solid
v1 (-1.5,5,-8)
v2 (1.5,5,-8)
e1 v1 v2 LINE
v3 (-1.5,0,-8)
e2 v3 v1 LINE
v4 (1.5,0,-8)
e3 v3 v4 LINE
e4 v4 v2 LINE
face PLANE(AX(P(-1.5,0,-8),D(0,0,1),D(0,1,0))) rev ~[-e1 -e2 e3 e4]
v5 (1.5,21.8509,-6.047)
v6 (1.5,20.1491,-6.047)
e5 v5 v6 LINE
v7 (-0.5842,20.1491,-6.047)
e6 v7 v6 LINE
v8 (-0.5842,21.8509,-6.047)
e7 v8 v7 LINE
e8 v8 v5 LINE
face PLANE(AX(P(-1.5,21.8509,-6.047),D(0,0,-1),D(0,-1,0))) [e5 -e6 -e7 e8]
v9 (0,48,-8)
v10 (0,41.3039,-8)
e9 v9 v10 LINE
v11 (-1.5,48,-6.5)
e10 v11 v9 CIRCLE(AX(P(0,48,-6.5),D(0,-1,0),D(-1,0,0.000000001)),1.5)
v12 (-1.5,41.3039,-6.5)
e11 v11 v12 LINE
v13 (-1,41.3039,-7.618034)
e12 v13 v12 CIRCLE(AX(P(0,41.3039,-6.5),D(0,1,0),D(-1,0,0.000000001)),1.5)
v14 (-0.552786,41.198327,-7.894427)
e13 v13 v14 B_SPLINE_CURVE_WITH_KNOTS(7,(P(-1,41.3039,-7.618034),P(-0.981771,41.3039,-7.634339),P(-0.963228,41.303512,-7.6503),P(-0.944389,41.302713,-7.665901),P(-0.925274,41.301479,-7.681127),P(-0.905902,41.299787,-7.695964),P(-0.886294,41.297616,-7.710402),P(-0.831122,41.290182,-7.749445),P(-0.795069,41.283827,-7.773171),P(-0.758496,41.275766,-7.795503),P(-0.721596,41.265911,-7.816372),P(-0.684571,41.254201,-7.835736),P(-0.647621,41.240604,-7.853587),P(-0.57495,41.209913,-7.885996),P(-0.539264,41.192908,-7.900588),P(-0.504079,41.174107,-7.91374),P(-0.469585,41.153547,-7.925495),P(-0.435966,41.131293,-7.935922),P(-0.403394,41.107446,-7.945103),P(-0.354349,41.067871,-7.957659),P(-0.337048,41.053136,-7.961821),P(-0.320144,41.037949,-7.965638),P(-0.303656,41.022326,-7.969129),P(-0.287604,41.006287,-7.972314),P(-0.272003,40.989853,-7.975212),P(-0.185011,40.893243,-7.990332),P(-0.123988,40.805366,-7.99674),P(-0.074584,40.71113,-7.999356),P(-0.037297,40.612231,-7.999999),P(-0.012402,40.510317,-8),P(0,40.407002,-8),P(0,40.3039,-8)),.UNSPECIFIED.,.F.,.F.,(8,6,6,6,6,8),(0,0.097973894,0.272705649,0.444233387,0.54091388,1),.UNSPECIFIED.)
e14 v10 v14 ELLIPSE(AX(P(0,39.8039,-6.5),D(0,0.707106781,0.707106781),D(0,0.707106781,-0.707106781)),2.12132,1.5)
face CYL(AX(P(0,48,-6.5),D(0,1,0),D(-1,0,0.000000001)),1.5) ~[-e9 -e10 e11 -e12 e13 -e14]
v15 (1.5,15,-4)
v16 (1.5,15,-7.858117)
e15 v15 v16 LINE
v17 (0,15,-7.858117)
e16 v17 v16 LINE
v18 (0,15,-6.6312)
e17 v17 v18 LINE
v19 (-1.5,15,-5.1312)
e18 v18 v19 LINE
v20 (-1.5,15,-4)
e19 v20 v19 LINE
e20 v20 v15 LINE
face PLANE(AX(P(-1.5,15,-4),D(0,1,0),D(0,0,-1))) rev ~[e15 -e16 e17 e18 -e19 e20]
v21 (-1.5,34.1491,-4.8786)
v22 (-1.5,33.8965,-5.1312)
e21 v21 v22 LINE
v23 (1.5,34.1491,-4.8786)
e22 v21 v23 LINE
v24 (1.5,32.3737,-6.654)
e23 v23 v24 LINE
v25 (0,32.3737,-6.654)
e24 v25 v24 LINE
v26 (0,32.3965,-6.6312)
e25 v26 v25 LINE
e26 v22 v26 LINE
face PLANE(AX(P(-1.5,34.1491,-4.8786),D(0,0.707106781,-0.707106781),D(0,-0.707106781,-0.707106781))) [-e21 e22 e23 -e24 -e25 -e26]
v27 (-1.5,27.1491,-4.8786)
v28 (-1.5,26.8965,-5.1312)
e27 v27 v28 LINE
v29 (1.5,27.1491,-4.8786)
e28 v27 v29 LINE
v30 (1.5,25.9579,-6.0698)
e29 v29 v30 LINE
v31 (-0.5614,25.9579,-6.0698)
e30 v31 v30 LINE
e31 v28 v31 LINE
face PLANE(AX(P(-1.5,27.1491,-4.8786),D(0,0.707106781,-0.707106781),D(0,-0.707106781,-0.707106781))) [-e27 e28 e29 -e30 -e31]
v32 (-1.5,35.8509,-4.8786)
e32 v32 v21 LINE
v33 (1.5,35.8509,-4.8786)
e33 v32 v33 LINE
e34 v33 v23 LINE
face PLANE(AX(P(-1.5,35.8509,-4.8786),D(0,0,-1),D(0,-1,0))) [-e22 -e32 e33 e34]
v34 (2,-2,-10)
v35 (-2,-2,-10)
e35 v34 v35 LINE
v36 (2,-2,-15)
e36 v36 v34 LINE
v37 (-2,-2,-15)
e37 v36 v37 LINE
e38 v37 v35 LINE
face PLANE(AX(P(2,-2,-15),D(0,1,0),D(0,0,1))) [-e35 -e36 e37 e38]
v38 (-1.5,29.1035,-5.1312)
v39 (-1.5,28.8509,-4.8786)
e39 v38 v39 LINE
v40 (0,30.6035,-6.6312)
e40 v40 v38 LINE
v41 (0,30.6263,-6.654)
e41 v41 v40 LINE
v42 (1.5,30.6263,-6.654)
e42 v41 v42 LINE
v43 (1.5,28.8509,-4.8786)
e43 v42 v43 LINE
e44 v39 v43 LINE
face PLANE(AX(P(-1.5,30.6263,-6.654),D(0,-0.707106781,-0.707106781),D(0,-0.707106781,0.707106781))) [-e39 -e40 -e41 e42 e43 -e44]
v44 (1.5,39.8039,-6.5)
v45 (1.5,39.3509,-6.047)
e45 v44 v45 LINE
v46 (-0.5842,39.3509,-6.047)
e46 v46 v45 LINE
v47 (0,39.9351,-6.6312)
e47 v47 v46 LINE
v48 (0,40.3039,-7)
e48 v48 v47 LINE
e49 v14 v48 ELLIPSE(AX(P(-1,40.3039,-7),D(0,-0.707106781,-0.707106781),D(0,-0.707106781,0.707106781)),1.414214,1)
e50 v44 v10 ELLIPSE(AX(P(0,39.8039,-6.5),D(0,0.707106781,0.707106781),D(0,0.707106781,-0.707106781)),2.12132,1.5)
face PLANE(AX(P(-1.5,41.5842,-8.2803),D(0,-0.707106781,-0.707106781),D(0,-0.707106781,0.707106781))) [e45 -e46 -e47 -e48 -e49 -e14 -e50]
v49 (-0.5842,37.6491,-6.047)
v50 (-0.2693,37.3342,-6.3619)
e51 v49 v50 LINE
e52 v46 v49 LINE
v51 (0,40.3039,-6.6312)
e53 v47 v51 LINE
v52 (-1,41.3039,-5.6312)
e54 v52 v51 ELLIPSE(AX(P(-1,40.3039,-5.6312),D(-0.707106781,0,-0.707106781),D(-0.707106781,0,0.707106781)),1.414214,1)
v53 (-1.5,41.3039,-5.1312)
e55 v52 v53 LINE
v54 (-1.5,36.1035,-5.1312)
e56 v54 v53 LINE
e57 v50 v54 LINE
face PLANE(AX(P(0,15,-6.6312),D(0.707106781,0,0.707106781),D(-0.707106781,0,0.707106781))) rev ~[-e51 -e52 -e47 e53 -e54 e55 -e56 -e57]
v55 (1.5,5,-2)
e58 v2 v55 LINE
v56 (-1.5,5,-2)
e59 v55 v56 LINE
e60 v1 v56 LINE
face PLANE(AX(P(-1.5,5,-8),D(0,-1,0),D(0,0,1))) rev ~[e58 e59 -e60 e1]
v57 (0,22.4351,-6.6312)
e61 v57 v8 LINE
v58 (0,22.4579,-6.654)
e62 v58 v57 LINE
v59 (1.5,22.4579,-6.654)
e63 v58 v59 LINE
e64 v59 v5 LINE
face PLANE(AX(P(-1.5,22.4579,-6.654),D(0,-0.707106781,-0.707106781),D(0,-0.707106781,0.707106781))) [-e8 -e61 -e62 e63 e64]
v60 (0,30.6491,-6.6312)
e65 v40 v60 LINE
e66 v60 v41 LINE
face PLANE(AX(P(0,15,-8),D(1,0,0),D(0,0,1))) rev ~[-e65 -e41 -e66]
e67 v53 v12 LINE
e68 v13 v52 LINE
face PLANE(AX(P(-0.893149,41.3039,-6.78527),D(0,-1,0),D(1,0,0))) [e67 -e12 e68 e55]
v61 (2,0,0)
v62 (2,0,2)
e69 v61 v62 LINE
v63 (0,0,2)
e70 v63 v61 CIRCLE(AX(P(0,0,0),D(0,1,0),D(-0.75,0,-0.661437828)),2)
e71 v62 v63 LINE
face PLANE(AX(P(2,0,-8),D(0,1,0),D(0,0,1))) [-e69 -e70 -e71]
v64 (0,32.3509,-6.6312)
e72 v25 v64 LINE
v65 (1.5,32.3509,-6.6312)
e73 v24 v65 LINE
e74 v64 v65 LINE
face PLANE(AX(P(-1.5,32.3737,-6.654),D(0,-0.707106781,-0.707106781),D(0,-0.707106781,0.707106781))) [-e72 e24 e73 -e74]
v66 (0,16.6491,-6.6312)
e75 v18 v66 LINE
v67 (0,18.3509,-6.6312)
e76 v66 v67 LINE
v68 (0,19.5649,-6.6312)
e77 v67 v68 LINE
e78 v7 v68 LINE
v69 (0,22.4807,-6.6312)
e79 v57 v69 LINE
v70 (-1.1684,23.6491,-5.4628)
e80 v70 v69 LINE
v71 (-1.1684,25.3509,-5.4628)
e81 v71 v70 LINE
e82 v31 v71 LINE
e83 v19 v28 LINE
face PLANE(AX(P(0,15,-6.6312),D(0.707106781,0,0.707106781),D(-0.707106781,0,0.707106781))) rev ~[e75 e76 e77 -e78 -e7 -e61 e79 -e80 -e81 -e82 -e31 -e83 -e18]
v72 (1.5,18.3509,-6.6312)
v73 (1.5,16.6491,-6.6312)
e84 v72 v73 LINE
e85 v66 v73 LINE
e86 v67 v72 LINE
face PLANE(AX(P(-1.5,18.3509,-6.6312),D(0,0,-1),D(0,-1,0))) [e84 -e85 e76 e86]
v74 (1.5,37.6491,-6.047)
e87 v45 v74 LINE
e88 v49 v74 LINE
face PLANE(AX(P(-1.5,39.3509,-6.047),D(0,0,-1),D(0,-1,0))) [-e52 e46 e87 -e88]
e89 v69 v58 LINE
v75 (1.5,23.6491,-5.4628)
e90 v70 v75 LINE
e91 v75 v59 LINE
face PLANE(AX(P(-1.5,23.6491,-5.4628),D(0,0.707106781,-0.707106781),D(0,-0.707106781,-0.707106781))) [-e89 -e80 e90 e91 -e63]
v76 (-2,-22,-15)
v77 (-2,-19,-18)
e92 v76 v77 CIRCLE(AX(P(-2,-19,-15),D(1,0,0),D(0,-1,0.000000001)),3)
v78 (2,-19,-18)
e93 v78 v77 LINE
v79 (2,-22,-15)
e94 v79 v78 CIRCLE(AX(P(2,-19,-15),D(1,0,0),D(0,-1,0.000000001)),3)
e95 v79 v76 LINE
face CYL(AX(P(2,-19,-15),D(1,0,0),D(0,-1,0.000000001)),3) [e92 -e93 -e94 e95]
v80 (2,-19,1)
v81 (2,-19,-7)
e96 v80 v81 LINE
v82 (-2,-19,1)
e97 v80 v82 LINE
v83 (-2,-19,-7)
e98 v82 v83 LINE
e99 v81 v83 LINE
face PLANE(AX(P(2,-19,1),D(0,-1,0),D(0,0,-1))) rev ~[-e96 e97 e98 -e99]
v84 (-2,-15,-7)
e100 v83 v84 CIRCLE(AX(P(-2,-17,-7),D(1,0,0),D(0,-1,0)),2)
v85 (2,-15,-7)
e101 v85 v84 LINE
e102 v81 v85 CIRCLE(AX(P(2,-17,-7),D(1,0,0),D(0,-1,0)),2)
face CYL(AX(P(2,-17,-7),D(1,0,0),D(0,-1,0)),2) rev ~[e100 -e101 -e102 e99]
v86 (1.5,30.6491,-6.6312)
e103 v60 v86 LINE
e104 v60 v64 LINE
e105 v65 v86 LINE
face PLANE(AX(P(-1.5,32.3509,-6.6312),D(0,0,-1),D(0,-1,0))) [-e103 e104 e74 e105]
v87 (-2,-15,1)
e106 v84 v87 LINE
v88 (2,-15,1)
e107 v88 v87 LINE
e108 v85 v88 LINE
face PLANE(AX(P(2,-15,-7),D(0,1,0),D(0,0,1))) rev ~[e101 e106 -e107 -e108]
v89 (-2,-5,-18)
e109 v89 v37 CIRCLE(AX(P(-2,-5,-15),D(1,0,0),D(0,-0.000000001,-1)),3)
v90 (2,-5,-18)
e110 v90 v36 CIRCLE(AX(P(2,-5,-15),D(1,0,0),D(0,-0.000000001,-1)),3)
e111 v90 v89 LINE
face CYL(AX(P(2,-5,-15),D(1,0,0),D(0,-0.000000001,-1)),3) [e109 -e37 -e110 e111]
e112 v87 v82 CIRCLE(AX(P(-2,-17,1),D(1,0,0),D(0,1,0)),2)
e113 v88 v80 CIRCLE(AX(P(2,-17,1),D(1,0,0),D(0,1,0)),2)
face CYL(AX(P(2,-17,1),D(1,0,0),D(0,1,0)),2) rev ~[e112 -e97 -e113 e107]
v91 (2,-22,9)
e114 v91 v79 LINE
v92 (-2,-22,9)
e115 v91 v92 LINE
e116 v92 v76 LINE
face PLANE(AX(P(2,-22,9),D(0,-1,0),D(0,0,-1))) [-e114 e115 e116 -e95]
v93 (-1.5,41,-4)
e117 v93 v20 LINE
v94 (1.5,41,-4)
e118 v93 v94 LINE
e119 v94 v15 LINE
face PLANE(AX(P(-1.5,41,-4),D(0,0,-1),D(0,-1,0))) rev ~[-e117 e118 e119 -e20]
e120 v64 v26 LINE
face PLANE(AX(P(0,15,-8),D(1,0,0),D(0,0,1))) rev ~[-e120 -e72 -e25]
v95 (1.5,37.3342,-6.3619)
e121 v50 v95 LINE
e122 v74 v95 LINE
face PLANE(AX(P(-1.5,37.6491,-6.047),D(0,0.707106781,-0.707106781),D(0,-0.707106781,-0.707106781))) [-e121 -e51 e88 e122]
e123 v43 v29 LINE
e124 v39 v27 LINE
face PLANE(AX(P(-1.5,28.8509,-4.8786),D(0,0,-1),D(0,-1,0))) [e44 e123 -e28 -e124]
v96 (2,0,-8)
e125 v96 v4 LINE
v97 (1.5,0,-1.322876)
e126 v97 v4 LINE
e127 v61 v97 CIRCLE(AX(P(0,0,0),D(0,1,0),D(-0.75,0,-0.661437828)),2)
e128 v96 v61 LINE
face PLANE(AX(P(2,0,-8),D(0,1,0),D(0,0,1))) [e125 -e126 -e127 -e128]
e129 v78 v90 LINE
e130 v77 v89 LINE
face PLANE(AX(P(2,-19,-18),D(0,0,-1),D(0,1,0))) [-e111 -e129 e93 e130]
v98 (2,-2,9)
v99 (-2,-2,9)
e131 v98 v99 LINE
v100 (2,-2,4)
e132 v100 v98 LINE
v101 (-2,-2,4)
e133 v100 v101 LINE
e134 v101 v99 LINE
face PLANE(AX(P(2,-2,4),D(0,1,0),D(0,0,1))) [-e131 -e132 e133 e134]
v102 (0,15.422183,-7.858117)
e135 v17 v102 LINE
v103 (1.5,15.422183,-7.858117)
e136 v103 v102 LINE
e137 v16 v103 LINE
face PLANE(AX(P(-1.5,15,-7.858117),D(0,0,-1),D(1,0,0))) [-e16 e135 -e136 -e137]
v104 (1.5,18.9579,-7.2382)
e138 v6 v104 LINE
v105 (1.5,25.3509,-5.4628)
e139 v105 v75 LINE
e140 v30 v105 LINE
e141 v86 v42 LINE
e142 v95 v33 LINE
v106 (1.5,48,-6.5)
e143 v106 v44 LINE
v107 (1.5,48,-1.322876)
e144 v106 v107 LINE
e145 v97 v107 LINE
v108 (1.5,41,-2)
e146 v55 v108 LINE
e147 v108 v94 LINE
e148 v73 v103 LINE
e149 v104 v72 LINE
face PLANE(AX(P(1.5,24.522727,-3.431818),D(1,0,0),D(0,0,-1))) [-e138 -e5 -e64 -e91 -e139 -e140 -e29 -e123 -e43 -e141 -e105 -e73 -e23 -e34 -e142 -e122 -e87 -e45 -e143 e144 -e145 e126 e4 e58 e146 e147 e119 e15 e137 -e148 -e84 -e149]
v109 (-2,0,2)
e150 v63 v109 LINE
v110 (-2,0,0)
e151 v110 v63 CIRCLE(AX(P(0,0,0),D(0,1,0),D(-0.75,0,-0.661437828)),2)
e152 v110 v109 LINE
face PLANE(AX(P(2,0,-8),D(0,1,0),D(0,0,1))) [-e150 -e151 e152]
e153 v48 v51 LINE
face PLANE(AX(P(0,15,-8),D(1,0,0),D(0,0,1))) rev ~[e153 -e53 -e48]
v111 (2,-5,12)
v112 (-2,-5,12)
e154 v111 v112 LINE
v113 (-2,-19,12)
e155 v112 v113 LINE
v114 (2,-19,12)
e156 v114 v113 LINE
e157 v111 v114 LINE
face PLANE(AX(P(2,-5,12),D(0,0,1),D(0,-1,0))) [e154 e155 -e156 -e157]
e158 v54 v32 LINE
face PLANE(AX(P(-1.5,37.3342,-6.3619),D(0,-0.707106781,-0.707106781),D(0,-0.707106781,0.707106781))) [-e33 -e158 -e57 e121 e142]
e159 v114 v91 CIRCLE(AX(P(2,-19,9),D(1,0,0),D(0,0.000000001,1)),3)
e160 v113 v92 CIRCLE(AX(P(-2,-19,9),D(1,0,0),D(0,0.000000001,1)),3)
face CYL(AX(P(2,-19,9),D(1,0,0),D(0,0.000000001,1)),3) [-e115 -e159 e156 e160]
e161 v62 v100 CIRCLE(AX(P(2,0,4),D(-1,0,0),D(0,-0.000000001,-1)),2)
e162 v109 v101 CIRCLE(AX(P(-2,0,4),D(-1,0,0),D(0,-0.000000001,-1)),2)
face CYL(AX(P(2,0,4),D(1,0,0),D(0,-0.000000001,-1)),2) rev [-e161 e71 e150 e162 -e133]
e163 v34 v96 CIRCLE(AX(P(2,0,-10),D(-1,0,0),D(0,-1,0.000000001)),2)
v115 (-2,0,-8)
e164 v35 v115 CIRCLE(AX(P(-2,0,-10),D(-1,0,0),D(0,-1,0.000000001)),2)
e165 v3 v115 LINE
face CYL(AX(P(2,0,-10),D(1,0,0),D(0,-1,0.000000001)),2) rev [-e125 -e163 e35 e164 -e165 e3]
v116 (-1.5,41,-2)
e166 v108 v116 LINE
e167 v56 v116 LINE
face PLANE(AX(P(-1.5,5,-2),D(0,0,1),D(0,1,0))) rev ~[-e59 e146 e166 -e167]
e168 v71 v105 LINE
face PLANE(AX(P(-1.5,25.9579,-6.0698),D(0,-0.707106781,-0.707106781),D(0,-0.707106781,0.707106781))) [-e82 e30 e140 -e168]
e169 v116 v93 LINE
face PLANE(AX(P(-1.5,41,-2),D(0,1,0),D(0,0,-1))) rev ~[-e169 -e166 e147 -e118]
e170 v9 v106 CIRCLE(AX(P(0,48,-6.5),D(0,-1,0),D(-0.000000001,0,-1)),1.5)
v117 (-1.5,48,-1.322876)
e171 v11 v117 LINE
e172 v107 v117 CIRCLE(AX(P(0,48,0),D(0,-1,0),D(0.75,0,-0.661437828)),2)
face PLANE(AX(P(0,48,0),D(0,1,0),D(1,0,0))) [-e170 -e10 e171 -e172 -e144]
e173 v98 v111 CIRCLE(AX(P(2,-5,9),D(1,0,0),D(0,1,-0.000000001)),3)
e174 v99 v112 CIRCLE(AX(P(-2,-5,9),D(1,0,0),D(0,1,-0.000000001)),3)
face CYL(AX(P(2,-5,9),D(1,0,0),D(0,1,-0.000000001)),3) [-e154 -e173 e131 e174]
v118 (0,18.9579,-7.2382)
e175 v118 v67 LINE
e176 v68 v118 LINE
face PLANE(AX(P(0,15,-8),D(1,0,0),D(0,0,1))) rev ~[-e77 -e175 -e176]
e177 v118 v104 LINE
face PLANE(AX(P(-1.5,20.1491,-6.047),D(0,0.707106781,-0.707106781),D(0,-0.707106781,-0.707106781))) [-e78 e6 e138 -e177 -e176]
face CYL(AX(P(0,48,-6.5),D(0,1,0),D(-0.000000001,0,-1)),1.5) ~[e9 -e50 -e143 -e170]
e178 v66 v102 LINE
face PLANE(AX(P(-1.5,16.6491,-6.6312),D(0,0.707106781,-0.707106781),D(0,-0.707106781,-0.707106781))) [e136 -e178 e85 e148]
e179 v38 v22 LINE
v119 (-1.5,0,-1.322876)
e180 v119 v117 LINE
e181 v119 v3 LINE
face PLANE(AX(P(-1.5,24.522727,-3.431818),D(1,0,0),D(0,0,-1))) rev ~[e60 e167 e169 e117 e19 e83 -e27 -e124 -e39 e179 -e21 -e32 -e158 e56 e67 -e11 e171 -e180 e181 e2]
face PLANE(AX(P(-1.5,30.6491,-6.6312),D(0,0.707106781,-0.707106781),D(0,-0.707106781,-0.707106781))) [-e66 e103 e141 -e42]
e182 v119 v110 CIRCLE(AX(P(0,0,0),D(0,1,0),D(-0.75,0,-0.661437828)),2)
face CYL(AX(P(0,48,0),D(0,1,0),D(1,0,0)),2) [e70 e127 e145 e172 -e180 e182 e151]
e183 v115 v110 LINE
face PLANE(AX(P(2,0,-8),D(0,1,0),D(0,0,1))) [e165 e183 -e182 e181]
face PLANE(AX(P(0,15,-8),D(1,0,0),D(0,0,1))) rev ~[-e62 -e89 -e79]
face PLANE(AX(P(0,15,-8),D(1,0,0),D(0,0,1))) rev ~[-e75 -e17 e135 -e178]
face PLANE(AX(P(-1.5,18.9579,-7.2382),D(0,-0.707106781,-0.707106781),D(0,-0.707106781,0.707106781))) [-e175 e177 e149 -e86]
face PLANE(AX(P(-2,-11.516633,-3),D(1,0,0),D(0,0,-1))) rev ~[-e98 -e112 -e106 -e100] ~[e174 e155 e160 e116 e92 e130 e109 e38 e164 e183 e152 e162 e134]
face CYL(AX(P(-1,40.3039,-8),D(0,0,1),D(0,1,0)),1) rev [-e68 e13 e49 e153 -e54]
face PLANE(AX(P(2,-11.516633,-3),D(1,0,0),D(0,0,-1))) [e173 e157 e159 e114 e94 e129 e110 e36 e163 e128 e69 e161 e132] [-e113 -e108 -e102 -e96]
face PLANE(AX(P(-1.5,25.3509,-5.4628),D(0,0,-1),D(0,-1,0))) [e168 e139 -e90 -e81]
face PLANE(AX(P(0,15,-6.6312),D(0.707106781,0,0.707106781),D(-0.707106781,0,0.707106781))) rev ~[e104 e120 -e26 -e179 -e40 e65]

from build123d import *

# Parameters (mm, degrees)
BOSS_EXTRUDE2_DEPTH      = 1.5
BOSS_EXTRUDE2_DEPTH_BACK = 1.5
SKETCH2_R                = 2
BOSS_EXTRUDE3_DEPTH      = 48
BOSS_EXTRUDE4_DEPTH      = 0.5
BOSS_EXTRUDE4_DEPTH_BACK = 3.5
CUT_EXTRUDE1_DEPTH       = 3
CUT_EXTRUDE2_DEPTH       = 26.3039
FILLET1_R                = 1
CUT_EXTRUDE4_REACH       = 74.305
CUT_EXTRUDE5_REACH       = 43.195
SKETCH10_W               = 3
SKETCH10_H               = 0.141883177


with BuildPart() as part:
    # Sketch1 → Boss-Extrude2 (new, two sides: drawn at the far end of the back side and taken through both)
    with BuildSketch(Plane(origin=(0, 108.422012546, -620.347507802), x_dir=(0, 0, -1), z_dir=(1, 0, 0)).offset(-BOSS_EXTRUDE2_DEPTH_BACK)):
        Polygon((-620.347507802, -60.422012546), (-620.347507802, -108.422012546), (-612.347507802, -108.422012546), (-612.347507802, -103.422012546), (-618.347507802, -103.422012546), (-618.347507802, -67.422012546), (-616.347507802, -67.422012546), (-616.347507802, -93.422012546), (-612.347507802, -93.422012546), (-612.347507802, -64.422012546), (-612.347507802, -60.422012546), align=None)
    extrude(amount=BOSS_EXTRUDE2_DEPTH + BOSS_EXTRUDE2_DEPTH_BACK)

    # Sketch2 → Boss-Extrude3 (add)
    with BuildSketch(Plane(origin=(0, 48, 0), x_dir=(1, 0, 0), z_dir=(0, 1, 0))):
        Circle(SKETCH2_R)
    extrude(amount=-BOSS_EXTRUDE3_DEPTH)

    # Sketch4 → Boss-Extrude4 (add, two sides: drawn at the far end of the back side and taken through both)
    with BuildSketch(Plane.ZY.offset(1.5).offset(-BOSS_EXTRUDE4_DEPTH_BACK)):
        with BuildLine():
            Line((-8, 0), (2, 0))
            ThreePointArc((2, 0), (2.585786438, -1.414213562), (4, -2))
            Line((4, -2), (9, -2))
            ThreePointArc((9, -2), (11.121320344, -2.878679656), (12, -5))
            Line((12, -5), (12, -19))
            ThreePointArc((12, -19), (11.121320344, -21.121320344), (9, -22))
            Line((9, -22), (-15, -22))
            ThreePointArc((-15, -22), (-17.121320344, -21.121320344), (-18, -19))
            Line((-18, -19), (-18, -5))
            ThreePointArc((-18, -5), (-17.121320344, -2.878679656), (-15, -2))
            Line((-15, -2), (-10, -2))
            ThreePointArc((-10, -2), (-8.585786438, -1.414213562), (-8, 0))
        make_face()
        with BuildLine():
            Line((-7, -15), (1, -15))
            ThreePointArc((1, -15), (3, -17), (1, -19))
            Line((1, -19), (-7, -19))
            ThreePointArc((-7, -19), (-9, -17), (-7, -15))
        make_face(mode=Mode.SUBTRACT)
    extrude(amount=BOSS_EXTRUDE4_DEPTH + BOSS_EXTRUDE4_DEPTH_BACK)

    # Sketch6 → Cut-Extrude1 (cut)
    with BuildSketch(Plane.ZY.offset(1.5)):
        Polygon((-6.6312, 18.3509), (-6.6312, 16.6491), (-8.2803, 15), (-10.2803, 15), (-10.2803, 41.5842), (-8.2803, 41.5842), (-6.047, 39.3509), (-6.047, 37.6491), (-6.3619, 37.3342), (-4.8786, 35.8509), (-4.8786, 34.1491), (-6.654, 32.3737), (-6.6312, 32.3509), (-6.6312, 30.6491), (-6.654, 30.6263), (-4.8786, 28.8509), (-4.8786, 27.1491), (-6.0698, 25.9579), (-5.4628, 25.3509), (-5.4628, 23.6491), (-6.654, 22.4579), (-6.047, 21.8509), (-6.047, 20.1491), (-7.2382, 18.9579), align=None)
    extrude(amount=-CUT_EXTRUDE1_DEPTH, mode=Mode.SUBTRACT)

    # Sketch7 → Cut-Extrude2 (cut)
    with BuildSketch(Plane.XZ.offset(-15)):
        Polygon((0, -6.6312), (-1.5, -5.1312), (-1.5, -8), (0, -8), align=None)
    extrude(amount=-CUT_EXTRUDE2_DEPTH, mode=Mode.SUBTRACT)

    # Fillet1
    fillet1_edges = [part.edges().sort_by_distance(p)[0] for p in [
        (0, 41.3039, -7.3156),
    ]]
    fillet(fillet1_edges, radius=FILLET1_R)

    # Cut-Extrude4: up to this plane
    cut_extrude4_end = Plane(origin=(28.627440951, 39.3509, -6.047), z_dir=(2.4829835882571804e-15, 0.7071067811865529, 0.7071067811865422))
    # Sketch9 → Cut-Extrude4 (cut, up to the surface)
    with BuildSketch(Plane(origin=(0, 48, 0), x_dir=(1, 0, 0), z_dir=(0, 1, 0)), mode=Mode.PRIVATE) as cut_extrude4_sk1:
        with BuildLine():
            ThreePointArc((-1.5, 6.5), (-1.060660172, 7.560660172), (0, 8))
            Line((0, 8), (-1.5, 8))
            Line((-1.5, 8), (-1.5, 6.5))
        make_face()
    cut_extrude4_tool1 = split(extrude(cut_extrude4_sk1.sketch, amount=-CUT_EXTRUDE4_REACH, mode=Mode.PRIVATE), bisect_by=cut_extrude4_end, keep=Keep.BOTH, mode=Mode.PRIVATE)
    add(cut_extrude4_tool1.solids().sort_by_distance((-1.164948, 48, -7.664948))[0], mode=Mode.SUBTRACT)
    # Sketch9 → Cut-Extrude4 (cut, up to the surface)
    with BuildSketch(Plane(origin=(0, 48, 0), x_dir=(1, 0, 0), z_dir=(0, 1, 0)), mode=Mode.PRIVATE) as cut_extrude4_sk2:
        with BuildLine():
            Line((1.5, 6.5), (1.5, 8))
            Line((1.5, 8), (0, 8))
            ThreePointArc((0, 8), (1.060660172, 7.560660172), (1.5, 6.5))
        make_face()
    cut_extrude4_tool2 = split(extrude(cut_extrude4_sk2.sketch, amount=-CUT_EXTRUDE4_REACH, mode=Mode.PRIVATE), bisect_by=cut_extrude4_end, keep=Keep.BOTH, mode=Mode.PRIVATE)
    add(cut_extrude4_tool2.solids().sort_by_distance((1.164948, 48, -7.664948))[0], mode=Mode.SUBTRACT)

    # Cut-Extrude5: up to this plane
    cut_extrude5_end = Plane(origin=(28.627440951, 16.6491, -6.6312), z_dir=(2.462807656596698e-15, -0.707106781186546, 0.707106781186549))
    # Sketch10 → Cut-Extrude5 (cut, up to the surface)
    with BuildSketch(Plane(origin=(0, 15, 0), x_dir=(1, 0, 0), z_dir=(0, 1, 0)), mode=Mode.PRIVATE) as cut_extrude5_sk1:
        with Locations((0, 7.929058411)):
            Rectangle(SKETCH10_W, SKETCH10_H)
    cut_extrude5_tool1 = split(extrude(cut_extrude5_sk1.sketch, amount=CUT_EXTRUDE5_REACH, mode=Mode.PRIVATE), bisect_by=cut_extrude5_end, keep=Keep.BOTH, mode=Mode.PRIVATE)
    add(cut_extrude5_tool1.solids().sort_by_distance((0, 15, -7.929058))[0], mode=Mode.SUBTRACT)


solid = part.part
